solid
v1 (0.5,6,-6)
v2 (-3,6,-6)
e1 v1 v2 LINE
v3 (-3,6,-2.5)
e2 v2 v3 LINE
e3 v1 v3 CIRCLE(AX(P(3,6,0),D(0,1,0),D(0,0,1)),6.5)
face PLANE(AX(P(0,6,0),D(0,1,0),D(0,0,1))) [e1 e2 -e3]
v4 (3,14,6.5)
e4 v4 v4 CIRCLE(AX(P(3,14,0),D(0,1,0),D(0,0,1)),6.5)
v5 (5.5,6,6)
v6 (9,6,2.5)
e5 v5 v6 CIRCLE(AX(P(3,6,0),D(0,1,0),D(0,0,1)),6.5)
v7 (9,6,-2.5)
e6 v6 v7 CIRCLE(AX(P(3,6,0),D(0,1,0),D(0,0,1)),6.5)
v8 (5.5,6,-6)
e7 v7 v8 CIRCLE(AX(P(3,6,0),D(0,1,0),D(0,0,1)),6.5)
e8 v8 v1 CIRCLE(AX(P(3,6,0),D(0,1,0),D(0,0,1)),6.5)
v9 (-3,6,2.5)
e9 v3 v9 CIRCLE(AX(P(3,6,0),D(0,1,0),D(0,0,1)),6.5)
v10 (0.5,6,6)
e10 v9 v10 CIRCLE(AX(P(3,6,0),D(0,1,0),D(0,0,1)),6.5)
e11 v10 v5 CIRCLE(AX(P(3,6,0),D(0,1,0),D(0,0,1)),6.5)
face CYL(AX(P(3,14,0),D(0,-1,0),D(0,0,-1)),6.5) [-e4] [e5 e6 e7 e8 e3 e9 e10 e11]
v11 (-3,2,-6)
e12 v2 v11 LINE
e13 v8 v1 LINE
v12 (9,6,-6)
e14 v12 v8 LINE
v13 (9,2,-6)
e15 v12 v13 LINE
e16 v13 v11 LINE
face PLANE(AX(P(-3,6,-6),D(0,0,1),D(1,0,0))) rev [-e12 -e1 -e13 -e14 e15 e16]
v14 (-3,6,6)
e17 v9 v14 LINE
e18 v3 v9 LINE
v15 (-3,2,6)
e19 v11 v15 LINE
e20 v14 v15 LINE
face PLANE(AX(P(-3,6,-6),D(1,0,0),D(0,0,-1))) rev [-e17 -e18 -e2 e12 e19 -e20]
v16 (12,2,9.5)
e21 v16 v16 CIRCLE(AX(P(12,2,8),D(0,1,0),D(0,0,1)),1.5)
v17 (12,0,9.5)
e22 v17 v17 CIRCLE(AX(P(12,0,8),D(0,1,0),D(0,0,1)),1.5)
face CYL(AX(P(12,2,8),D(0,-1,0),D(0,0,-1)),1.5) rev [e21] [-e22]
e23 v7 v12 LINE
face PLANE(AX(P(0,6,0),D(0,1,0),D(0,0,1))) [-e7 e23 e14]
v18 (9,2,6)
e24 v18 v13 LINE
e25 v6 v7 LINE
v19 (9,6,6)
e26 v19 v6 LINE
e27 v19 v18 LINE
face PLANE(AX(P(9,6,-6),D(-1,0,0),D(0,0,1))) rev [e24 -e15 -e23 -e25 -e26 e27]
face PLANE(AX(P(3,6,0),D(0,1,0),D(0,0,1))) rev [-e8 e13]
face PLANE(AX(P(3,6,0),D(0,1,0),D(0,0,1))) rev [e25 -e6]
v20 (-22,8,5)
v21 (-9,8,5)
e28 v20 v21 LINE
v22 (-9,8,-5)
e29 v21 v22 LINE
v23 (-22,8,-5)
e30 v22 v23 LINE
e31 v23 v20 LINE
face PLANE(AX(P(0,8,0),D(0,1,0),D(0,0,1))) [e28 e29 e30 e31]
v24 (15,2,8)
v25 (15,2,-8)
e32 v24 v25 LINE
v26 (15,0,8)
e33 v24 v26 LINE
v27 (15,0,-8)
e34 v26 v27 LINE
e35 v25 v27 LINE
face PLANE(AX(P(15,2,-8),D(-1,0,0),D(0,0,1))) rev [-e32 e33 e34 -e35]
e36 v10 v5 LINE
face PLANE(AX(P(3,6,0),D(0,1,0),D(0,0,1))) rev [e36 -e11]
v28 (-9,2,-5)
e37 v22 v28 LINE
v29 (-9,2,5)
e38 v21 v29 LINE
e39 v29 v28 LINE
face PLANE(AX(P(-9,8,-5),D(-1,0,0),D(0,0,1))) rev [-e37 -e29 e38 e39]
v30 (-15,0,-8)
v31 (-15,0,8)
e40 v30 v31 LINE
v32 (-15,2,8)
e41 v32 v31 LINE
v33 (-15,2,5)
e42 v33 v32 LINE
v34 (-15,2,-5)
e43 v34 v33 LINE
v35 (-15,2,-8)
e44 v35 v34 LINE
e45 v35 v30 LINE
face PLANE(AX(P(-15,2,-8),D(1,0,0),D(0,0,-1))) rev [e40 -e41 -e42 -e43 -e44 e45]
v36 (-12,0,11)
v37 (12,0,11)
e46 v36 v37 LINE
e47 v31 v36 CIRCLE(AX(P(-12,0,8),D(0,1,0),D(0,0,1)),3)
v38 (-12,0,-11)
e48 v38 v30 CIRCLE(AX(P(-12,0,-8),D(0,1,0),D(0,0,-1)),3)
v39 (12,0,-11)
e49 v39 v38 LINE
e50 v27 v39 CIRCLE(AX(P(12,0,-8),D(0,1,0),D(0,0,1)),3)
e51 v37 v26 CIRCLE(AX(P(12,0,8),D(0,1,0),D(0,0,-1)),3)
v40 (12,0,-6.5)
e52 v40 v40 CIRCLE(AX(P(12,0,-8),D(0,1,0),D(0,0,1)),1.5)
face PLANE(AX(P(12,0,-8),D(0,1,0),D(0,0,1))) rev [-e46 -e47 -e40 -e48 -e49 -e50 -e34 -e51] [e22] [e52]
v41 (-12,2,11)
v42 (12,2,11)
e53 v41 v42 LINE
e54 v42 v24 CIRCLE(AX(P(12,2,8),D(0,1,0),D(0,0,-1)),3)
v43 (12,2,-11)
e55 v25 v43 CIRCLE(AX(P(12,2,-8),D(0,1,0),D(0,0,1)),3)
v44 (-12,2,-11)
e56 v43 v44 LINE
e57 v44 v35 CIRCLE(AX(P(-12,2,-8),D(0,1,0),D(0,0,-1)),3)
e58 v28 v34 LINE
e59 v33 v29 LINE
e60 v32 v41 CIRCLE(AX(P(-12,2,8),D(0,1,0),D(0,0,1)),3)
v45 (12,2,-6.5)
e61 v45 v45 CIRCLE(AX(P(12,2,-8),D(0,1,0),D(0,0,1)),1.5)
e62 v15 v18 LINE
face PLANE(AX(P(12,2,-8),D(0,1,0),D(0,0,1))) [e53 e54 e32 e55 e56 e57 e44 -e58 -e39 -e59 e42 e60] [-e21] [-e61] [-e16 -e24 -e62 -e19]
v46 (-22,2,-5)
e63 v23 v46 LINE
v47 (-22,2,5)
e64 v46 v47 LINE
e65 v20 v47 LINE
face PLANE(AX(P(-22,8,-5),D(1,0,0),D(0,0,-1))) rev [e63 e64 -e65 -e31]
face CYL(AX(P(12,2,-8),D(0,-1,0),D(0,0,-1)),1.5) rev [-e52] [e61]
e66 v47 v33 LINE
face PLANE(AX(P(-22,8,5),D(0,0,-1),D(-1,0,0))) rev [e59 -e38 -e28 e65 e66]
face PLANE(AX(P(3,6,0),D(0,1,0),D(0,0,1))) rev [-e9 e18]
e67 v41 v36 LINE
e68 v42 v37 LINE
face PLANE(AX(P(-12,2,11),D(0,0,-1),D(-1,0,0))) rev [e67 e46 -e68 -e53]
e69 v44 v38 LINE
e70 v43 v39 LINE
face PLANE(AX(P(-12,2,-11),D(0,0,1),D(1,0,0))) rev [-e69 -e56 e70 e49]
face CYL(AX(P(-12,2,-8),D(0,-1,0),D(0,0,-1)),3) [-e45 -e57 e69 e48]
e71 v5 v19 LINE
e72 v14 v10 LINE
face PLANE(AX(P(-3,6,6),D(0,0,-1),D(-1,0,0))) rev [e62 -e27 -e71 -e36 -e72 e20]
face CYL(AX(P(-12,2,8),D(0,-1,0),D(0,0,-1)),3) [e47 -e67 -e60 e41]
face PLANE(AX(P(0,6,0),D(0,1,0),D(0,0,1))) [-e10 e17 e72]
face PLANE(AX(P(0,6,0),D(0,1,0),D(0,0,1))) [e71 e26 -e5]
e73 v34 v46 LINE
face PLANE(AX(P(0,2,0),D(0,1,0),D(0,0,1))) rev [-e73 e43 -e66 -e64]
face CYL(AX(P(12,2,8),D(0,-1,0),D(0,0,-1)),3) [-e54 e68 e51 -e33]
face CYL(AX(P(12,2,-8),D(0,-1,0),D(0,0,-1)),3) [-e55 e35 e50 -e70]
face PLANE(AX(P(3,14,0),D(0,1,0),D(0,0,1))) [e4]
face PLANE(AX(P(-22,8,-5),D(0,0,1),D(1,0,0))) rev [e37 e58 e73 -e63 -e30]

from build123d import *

# Parameters (mm, degrees)
SKETCH1_R           = 1.5
BOSS_EXTRUDE1_DEPTH = 2
SKETCH2_W           = 13
SKETCH2_H           = 10
BOSS_EXTRUDE2_DEPTH = 6
SKETCH4_W           = 12
SKETCH4_H           = 12
BOSS_EXTRUDE4_DEPTH = 4
SKETCH5_R           = 6.5
BOSS_EXTRUDE5_DEPTH = 8


with BuildPart() as part:
    # Sketch1 → Boss-Extrude1 (new body)
    with BuildSketch(Plane(origin=(0, 0, 0), x_dir=(1, 0, 0), z_dir=(0, 1, 0))):
        with BuildLine():
            Line((-12, 11), (12, 11))
            ThreePointArc((12, 11), (14.121320344, 10.121320344), (15, 8))
            Line((15, 8), (15, -8))
            ThreePointArc((15, -8), (14.121320344, -10.121320344), (12, -11))
            Line((12, -11), (-12, -11))
            ThreePointArc((-12, -11), (-14.121320344, -10.121320344), (-15, -8))
            Line((-15, -8), (-15, 8))
            ThreePointArc((-15, 8), (-14.121320344, 10.121320344), (-12, 11))
        make_face()
        with Locations(Location((12, 8, 0), (0, 0, 270))):
            Circle(SKETCH1_R, mode=Mode.SUBTRACT)
        with Locations(Location((12, -8, 0), (0, 0, 270))):
            Circle(SKETCH1_R, mode=Mode.SUBTRACT)
    extrude(amount=BOSS_EXTRUDE1_DEPTH)

    # Sketch2 → Boss-Extrude2 (add)
    with BuildSketch(Plane(origin=(0, 2, 0), x_dir=(1, 0, 0), z_dir=(0, 1, 0))):
        with Locations((-15.5, 0)):
            Rectangle(SKETCH2_W, SKETCH2_H)
    extrude(amount=BOSS_EXTRUDE2_DEPTH)

    # Sketch4 → Boss-Extrude4 (add)
    with BuildSketch(Plane(origin=(0, 2, 0), x_dir=(1, 0, 0), z_dir=(0, 1, 0))):
        with Locations((3, 0)):
            Rectangle(SKETCH4_W, SKETCH4_H)
    extrude(amount=BOSS_EXTRUDE4_DEPTH)

    # Sketch5 → Boss-Extrude5 (add)
    with BuildSketch(Plane(origin=(0, 6, 0), x_dir=(1, 0, 0), z_dir=(0, 1, 0))):
        with Locations(Location((3, 0, 0), (0, 0, 67.380135052))):
            Circle(SKETCH5_R)
    extrude(amount=BOSS_EXTRUDE5_DEPTH)


solid = part.part
